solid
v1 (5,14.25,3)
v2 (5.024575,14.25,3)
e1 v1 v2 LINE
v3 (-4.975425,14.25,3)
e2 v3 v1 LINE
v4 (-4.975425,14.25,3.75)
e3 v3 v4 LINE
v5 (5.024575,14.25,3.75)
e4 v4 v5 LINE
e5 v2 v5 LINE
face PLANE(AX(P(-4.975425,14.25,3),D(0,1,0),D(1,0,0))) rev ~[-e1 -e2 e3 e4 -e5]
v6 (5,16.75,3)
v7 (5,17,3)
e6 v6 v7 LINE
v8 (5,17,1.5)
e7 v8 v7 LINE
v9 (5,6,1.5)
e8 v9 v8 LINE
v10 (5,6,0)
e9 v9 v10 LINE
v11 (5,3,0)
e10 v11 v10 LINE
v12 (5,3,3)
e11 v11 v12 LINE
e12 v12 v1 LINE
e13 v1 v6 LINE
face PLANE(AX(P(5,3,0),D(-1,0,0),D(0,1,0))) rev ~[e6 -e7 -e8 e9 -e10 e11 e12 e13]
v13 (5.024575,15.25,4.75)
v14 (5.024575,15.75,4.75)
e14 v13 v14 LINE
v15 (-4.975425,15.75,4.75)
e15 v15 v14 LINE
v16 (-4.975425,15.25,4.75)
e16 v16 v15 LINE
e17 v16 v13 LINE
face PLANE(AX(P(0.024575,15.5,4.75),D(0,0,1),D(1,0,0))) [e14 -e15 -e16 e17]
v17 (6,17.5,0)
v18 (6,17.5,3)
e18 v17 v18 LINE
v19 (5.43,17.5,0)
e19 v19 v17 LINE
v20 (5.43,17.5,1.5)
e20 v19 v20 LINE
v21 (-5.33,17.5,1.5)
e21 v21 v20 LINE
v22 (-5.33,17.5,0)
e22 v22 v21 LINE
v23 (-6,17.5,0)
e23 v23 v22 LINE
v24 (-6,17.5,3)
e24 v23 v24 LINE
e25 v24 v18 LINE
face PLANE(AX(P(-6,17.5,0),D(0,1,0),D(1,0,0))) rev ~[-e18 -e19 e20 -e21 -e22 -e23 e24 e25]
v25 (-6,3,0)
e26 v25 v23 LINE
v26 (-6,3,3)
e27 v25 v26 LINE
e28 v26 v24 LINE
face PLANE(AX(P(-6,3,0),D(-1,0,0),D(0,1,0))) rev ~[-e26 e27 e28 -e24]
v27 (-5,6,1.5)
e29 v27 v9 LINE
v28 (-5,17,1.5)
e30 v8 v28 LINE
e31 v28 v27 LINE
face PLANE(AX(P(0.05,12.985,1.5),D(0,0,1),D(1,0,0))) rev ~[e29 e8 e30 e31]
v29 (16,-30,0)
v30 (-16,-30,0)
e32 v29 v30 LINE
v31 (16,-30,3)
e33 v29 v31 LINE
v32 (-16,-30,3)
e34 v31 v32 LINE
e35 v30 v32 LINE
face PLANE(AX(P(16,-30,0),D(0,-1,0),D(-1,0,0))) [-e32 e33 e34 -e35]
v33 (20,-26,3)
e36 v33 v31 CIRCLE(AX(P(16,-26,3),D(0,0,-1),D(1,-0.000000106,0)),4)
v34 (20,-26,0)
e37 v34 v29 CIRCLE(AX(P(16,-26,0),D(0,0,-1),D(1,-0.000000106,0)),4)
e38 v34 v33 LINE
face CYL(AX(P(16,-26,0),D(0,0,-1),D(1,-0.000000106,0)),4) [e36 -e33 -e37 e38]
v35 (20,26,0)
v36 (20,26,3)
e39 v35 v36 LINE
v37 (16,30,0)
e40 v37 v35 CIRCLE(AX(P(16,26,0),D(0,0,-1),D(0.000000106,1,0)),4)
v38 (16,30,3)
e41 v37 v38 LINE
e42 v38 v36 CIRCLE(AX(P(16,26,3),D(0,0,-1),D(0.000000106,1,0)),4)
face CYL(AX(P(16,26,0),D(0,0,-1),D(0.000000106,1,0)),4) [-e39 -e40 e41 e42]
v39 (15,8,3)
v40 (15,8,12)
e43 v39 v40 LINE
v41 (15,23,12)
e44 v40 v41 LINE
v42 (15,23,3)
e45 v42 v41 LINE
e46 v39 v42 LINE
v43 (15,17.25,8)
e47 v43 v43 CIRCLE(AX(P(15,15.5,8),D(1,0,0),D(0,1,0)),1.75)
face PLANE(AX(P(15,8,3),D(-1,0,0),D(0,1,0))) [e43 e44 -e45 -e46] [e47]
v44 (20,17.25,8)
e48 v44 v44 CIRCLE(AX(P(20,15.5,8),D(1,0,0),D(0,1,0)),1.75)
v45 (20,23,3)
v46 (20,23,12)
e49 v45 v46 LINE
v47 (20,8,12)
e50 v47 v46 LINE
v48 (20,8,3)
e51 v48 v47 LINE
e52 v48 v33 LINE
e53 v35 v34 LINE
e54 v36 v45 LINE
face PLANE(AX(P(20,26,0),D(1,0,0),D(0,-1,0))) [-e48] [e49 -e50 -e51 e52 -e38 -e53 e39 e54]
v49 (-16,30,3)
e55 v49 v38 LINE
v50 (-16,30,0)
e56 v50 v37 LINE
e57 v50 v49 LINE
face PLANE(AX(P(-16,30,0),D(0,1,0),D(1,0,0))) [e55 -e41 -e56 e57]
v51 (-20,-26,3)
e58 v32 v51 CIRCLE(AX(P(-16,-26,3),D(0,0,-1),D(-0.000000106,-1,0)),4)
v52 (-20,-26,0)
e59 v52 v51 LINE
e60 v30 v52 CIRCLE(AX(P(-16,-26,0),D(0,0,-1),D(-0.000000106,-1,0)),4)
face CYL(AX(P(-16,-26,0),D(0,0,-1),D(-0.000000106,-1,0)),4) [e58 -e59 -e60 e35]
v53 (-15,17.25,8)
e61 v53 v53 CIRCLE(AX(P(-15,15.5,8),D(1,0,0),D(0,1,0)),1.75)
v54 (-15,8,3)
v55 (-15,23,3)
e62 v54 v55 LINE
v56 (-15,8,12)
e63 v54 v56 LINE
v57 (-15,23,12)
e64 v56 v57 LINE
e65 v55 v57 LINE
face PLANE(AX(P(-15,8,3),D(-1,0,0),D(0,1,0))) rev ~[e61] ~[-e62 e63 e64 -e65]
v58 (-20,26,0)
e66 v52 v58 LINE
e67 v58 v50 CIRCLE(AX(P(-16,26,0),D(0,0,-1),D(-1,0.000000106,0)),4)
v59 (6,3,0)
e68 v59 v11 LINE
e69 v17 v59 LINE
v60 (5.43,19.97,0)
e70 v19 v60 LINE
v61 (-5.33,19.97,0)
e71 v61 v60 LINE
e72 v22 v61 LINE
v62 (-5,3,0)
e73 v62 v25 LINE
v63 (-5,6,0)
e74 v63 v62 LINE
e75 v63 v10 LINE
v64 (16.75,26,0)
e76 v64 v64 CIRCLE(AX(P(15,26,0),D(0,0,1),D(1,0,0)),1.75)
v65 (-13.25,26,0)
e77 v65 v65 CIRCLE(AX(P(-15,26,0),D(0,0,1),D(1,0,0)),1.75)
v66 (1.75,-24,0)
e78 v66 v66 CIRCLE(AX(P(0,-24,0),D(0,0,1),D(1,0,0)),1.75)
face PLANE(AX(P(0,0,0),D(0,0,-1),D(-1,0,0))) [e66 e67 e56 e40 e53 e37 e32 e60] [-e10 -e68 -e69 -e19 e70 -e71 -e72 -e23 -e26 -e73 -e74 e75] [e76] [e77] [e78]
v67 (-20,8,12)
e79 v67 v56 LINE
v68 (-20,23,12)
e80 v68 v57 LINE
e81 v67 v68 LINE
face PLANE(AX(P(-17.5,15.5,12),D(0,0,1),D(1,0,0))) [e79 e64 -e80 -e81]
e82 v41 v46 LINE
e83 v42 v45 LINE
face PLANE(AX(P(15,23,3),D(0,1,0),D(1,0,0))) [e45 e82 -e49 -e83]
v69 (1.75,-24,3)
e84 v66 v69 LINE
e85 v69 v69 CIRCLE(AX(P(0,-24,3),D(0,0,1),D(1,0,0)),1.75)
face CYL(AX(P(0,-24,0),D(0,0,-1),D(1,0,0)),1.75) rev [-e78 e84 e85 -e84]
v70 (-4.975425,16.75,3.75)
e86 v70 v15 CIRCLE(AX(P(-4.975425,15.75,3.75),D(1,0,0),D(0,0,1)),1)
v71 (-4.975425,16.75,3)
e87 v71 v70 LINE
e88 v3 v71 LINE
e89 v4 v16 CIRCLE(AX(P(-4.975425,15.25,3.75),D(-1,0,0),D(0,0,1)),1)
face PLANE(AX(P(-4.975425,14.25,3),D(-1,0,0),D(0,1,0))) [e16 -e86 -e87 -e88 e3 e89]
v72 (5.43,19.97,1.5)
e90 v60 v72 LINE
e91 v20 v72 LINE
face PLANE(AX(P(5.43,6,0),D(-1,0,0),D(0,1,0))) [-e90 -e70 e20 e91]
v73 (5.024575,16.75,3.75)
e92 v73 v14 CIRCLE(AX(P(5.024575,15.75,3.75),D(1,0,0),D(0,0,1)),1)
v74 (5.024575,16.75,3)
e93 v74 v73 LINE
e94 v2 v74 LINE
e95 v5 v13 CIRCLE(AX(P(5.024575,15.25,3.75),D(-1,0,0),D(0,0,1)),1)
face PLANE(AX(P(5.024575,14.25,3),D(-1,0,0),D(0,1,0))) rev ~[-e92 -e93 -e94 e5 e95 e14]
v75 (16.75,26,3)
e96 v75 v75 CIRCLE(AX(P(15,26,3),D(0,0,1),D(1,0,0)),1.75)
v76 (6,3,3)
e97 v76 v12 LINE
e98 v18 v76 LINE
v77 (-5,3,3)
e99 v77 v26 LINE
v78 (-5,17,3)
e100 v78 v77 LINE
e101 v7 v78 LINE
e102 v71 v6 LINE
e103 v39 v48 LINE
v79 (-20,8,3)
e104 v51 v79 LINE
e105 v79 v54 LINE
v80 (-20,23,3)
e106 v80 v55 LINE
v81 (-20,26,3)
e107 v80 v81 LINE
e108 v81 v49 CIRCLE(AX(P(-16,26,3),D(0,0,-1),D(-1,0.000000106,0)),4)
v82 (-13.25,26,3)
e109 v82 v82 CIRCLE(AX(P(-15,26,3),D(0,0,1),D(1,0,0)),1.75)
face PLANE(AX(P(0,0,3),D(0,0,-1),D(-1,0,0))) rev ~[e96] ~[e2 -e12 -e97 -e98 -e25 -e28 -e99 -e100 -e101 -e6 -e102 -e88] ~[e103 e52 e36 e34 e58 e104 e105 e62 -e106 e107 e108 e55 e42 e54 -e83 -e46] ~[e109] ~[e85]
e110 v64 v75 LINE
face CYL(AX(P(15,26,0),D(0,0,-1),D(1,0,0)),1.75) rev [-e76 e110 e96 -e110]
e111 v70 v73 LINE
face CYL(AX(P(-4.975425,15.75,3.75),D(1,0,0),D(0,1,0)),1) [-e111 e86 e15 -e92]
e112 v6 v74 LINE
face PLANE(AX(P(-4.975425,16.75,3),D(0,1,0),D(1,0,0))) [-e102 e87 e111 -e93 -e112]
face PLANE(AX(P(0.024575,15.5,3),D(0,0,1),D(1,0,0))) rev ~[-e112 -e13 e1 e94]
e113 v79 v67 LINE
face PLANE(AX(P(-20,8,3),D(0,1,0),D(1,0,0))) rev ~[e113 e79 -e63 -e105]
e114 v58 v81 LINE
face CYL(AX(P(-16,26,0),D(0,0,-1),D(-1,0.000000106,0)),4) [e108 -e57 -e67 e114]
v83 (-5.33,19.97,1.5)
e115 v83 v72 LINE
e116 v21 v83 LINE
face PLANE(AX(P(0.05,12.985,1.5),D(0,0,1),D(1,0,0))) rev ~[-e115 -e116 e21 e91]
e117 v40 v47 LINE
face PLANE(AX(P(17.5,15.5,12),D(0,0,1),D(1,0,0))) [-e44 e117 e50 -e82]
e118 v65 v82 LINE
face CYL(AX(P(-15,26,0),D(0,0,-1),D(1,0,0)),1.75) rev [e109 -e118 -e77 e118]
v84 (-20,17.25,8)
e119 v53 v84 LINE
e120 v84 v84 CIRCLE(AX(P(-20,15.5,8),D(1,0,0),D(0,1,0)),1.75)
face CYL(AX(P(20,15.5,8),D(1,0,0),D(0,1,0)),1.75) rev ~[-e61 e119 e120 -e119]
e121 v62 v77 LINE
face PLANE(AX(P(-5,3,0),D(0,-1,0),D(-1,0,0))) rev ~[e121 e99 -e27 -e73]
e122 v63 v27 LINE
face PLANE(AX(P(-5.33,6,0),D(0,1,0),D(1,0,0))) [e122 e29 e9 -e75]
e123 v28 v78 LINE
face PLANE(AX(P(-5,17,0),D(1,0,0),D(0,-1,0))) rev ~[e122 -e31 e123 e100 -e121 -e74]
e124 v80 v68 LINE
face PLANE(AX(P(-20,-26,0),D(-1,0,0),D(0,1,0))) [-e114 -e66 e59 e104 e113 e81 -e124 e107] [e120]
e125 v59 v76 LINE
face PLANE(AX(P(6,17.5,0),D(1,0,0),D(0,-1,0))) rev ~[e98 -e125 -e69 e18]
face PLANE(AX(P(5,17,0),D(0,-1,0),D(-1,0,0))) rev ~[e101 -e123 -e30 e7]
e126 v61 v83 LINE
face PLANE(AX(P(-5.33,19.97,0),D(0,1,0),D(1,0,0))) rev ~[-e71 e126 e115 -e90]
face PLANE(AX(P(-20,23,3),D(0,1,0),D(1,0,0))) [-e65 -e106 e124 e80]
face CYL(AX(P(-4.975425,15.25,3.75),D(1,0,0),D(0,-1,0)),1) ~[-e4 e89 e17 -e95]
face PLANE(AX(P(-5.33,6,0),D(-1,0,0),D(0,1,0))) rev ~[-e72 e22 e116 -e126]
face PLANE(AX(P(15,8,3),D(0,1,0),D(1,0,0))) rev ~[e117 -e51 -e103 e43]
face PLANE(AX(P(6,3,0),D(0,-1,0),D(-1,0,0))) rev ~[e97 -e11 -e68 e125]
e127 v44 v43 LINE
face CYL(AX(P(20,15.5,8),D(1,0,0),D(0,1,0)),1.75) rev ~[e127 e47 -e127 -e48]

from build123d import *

# Parameters (mm, degrees)
SKETCH_R        = 1.75
PAD_DEPTH       = 3
SKETCH001_W     = 10.76
SKETCH001_H     = 13.97
POCKET_DEPTH    = 1.5
SKETCH002_W     = 5
SKETCH002_H     = 15
PAD001_DEPTH    = 9
SKETCH003_R     = 1.75
POCKET001_DEPTH = 50
SKETCH004_W     = 10
SKETCH004_H     = 2.5
PAD002_DEPTH    = 1.75
FILLET_R        = 1


with BuildPart() as part:
    # Sketch → Pad (new body)
    with BuildSketch(Plane.XY):
        with BuildLine():
            Line((-20, -26), (-20, 26))
            ThreePointArc((-20, 26), (-18.828427, 28.828427), (-16, 30))
            Line((-16, 30), (16, 30))
            ThreePointArc((16, 30), (18.828427, 28.828427), (20, 26))
            Line((20, 26), (20, -26))
            ThreePointArc((20, -26), (18.828427, -28.828427), (16, -30))
            Line((16, -30), (-16, -30))
            ThreePointArc((-16, -30), (-18.828427, -28.828427), (-20, -26))
        make_face()
        Polygon((6, 3), (5, 3), (5, 17), (-5, 17), (-5, 3), (-6, 3), (-6, 17.5), (6, 17.5), align=None, mode=Mode.SUBTRACT)
        with Locations((-15, 26)):
            Circle(SKETCH_R, mode=Mode.SUBTRACT)
        with Locations((15, 26)):
            Circle(SKETCH_R, mode=Mode.SUBTRACT)
        with Locations((0, -24)):
            Circle(SKETCH_R, mode=Mode.SUBTRACT)
    extrude(amount=PAD_DEPTH)

    # Sketch001 → Pocket (cut)
    with BuildSketch(Plane.XY):
        with Locations((0.05, 12.985)):
            Rectangle(SKETCH001_W, SKETCH001_H)
    extrude(amount=POCKET_DEPTH, mode=Mode.SUBTRACT)

    # Sketch002 → Pad001 (join)
    with BuildSketch(Plane.XY.offset(3)):
        with Locations((17.5, 15.5)):
            Rectangle(SKETCH002_W, SKETCH002_H)
        with Locations((-17.5, 15.5)):
            Rectangle(SKETCH002_W, SKETCH002_H)
    extrude(amount=PAD001_DEPTH)

    # Sketch003 → Pocket001 (cut)
    with BuildSketch(Plane.YZ.offset(20)):
        with Locations((15.5, 8)):
            Circle(SKETCH003_R)
    extrude(amount=-POCKET001_DEPTH, mode=Mode.SUBTRACT)

    # Sketch004 → Pad002 (join)
    with BuildSketch(Plane.XY.offset(3)):
        with Locations((0.024575, 15.5)):
            Rectangle(SKETCH004_W, SKETCH004_H)
    extrude(amount=PAD002_DEPTH)

    # Fillet
    fillet_edges = [part.edges().sort_by_distance(p)[0] for p in [
        (0.024575, 14.25, 4.75),
        (0.024575, 16.75, 4.75),
    ]]
    fillet(fillet_edges, radius=FILLET_R)


solid = part.part
